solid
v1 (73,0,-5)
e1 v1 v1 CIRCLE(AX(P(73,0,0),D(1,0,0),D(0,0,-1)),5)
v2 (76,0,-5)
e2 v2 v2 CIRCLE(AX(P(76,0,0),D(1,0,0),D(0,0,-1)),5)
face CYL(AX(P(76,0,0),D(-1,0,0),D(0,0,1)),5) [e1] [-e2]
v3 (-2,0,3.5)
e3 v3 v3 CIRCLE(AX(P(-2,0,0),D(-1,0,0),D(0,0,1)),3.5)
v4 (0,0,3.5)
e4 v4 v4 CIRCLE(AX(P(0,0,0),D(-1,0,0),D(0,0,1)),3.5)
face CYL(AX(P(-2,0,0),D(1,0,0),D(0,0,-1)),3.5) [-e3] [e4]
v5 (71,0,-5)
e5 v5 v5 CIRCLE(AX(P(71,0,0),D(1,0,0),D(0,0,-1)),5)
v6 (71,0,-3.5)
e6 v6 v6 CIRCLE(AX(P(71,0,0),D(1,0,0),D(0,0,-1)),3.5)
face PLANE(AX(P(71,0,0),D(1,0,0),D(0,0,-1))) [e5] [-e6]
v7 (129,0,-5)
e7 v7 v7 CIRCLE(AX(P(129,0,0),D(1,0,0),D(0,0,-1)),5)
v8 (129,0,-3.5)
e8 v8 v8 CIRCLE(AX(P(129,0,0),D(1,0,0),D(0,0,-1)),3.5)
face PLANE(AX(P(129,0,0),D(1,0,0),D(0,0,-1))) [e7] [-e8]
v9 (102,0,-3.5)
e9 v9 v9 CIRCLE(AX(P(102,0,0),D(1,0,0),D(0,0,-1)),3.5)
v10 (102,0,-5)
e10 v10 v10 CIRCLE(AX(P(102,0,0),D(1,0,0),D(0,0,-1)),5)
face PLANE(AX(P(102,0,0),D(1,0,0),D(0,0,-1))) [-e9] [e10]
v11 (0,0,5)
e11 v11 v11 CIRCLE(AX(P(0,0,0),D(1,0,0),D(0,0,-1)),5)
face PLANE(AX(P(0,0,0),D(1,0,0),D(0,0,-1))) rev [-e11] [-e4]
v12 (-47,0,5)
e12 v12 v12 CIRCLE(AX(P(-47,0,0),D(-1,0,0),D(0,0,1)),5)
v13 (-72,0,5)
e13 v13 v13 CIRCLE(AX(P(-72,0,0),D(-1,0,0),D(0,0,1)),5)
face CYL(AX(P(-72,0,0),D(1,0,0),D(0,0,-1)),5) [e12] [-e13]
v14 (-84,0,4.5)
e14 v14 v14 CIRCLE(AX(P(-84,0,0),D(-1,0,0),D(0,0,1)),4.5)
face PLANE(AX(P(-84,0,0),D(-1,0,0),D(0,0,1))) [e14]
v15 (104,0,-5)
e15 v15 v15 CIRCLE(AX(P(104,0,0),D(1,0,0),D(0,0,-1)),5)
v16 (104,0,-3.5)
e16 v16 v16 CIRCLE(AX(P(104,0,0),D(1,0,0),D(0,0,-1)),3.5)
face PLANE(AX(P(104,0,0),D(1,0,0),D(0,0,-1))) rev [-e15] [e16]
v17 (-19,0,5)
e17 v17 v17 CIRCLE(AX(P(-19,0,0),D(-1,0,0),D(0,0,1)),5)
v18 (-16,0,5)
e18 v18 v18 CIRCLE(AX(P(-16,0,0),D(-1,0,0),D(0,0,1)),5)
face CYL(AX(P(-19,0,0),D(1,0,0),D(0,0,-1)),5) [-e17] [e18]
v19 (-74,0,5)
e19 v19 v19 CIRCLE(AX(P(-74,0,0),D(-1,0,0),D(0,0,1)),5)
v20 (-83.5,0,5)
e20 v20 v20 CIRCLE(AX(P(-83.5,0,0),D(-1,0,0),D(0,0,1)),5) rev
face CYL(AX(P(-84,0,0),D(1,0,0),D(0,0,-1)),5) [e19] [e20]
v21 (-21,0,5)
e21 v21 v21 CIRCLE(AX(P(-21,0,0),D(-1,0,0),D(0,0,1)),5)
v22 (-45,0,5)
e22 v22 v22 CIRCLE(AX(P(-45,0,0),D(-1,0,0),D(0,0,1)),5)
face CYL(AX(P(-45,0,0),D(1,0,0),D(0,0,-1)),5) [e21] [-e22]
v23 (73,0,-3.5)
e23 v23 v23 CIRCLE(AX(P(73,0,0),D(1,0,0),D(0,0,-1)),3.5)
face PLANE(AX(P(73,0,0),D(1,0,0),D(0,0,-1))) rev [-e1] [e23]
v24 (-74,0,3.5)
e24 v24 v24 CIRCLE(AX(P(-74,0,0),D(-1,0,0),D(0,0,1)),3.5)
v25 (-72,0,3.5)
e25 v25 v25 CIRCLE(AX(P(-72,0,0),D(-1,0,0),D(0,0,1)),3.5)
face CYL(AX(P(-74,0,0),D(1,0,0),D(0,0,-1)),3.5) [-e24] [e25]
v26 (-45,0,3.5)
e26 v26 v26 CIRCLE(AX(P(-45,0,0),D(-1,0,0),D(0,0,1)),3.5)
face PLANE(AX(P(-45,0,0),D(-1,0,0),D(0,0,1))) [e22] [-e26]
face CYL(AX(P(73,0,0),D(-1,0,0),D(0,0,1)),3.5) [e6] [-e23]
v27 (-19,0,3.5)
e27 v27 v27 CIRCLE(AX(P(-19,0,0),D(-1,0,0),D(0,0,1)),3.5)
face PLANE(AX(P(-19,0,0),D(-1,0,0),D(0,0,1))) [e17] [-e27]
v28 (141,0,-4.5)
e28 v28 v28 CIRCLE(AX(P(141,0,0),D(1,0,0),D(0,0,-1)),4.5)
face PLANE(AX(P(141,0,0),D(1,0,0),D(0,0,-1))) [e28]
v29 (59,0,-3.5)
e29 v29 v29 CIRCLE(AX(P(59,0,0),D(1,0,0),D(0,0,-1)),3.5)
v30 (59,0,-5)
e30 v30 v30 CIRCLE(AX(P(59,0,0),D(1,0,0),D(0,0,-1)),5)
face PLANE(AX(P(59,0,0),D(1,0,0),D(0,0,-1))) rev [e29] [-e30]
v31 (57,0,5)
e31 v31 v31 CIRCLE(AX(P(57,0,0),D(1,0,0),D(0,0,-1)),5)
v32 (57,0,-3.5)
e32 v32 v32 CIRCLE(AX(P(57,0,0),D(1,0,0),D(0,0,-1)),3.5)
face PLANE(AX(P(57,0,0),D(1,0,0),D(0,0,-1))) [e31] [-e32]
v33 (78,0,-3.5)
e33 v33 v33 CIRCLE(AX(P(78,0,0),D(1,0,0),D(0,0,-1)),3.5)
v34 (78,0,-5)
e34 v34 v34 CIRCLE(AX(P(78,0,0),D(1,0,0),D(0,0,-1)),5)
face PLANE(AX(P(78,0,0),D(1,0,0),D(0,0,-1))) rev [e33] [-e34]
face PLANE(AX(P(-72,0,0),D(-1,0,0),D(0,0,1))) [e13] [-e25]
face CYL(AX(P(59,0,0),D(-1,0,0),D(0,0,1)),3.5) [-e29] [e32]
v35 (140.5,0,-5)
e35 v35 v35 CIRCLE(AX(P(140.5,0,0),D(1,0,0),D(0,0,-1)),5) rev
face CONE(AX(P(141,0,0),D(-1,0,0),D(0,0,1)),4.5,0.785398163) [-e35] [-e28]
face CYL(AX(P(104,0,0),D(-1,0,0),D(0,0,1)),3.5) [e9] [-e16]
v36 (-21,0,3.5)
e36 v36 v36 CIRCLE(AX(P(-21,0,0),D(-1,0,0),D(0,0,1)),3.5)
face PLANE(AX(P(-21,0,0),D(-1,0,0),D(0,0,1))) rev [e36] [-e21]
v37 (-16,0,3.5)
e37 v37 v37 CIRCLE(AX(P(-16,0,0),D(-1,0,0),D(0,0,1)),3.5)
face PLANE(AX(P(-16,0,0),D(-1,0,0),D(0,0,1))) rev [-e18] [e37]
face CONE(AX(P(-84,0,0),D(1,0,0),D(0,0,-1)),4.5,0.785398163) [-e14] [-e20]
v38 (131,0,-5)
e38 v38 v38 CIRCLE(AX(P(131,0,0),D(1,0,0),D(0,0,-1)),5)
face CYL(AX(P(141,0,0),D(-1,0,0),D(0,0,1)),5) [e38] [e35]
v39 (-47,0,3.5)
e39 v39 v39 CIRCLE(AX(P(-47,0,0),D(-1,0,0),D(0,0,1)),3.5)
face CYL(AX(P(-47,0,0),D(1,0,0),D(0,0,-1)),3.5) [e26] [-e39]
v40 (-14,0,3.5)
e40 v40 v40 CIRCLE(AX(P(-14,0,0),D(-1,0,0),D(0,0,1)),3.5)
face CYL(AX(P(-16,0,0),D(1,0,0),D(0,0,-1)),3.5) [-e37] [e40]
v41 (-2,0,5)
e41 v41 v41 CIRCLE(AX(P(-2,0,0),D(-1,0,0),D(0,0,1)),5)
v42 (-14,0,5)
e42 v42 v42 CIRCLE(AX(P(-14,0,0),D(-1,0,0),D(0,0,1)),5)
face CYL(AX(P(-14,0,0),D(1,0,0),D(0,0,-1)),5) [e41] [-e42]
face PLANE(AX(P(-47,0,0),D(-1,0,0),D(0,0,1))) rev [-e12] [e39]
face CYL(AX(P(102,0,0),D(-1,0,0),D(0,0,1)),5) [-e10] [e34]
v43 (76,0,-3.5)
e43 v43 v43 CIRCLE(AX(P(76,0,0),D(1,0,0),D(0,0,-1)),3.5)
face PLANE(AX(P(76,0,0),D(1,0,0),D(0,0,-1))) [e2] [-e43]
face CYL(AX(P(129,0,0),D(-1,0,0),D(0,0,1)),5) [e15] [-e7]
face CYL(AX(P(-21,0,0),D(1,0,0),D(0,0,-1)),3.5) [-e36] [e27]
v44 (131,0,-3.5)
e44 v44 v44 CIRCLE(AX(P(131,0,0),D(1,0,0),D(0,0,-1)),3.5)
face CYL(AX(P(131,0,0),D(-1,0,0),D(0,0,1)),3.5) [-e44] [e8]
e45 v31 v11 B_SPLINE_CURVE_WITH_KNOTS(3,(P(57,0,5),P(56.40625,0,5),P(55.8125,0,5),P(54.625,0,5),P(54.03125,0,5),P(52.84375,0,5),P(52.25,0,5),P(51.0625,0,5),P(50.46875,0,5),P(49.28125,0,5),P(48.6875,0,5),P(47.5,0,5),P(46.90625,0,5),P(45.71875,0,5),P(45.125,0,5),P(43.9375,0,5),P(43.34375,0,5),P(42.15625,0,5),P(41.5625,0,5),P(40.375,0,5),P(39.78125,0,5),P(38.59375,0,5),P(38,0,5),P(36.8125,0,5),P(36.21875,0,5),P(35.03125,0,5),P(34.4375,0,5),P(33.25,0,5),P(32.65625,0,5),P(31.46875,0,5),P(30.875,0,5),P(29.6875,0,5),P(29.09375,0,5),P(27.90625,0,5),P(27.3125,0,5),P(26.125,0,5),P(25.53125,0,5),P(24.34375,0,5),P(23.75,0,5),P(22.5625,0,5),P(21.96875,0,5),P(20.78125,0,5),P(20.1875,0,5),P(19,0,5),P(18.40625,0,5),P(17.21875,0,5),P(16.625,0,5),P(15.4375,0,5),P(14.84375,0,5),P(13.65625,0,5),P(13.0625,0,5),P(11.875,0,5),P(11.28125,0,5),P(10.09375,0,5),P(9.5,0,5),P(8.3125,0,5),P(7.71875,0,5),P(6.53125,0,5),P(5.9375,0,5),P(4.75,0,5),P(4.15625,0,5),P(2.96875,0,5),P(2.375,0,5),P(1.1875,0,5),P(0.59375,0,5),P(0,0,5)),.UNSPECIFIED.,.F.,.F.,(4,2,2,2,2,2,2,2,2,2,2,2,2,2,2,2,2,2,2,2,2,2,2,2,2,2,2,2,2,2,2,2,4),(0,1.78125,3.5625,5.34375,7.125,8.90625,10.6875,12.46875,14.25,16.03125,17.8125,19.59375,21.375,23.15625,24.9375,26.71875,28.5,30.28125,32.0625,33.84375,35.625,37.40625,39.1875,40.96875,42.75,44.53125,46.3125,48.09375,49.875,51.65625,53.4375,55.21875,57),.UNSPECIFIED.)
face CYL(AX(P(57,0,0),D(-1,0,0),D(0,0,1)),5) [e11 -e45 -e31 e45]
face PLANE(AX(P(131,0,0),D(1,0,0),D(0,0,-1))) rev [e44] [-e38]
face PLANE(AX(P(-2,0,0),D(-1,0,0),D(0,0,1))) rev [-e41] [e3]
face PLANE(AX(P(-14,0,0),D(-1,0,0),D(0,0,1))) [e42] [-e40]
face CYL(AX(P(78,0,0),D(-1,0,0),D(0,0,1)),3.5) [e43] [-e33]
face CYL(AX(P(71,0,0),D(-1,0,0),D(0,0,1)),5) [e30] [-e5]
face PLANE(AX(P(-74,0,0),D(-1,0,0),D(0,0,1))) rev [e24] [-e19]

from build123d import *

# Parameters (mm, degrees)
SKETCH_4_R       = 5
EXTRUDE_4_DEPTH  = 57
SKETCH_5_R       = 3.5
EXTRUDE_5_DEPTH  = 2
EXTRUDE_START    = 12
SKETCH_6_R       = 5
EXTRUDE_6_DEPTH  = 12
EXTRUDE_START_2  = 2
SKETCH_7_R       = 3.5
EXTRUDE_7_DEPTH  = 2
SKETCH_8_R       = 5
EXTRUDE_8_DEPTH  = 12
SKETCH_9_R       = 3.5
EXTRUDE_9_DEPTH  = 2
SKETCH_10_R      = 5
EXTRUDE_10_DEPTH = 3
SKETCH_11_R      = 3.5
EXTRUDE_11_DEPTH = 2
SKETCH_12_R      = 5
EXTRUDE_12_DEPTH = 24
SKETCH_13_R      = 3.5
EXTRUDE_13_DEPTH = 2
SKETCH_14_R      = 5
EXTRUDE_14_DEPTH = 25
SKETCH_15_R      = 3.5
EXTRUDE_15_DEPTH = 2
SKETCH_16_R      = 5
EXTRUDE_16_DEPTH = 10
SKETCH_33_R      = 3.5
EXTRUDE_25_DEPTH = 2
EXTRUDE_START_3  = 3
SKETCH_34_R      = 5
EXTRUDE_26_DEPTH = 3
SKETCH_35_R      = 3.5
EXTRUDE_27_DEPTH = 2
EXTRUDE_START_4  = 24
SKETCH_36_R      = 5
EXTRUDE_28_DEPTH = 24
SKETCH_37_R      = 3.5
EXTRUDE_29_DEPTH = 2
EXTRUDE_START_5  = 25
SKETCH_38_R      = 5
EXTRUDE_30_DEPTH = 25
SKETCH_39_R      = 3.5
EXTRUDE_31_DEPTH = 2
EXTRUDE_START_6  = 10
SKETCH_40_R      = 5
EXTRUDE_32_DEPTH = 10
CHAMFER_1_SIZE   = 0.5


with BuildPart() as part:
    # 草图4 → 凸台-拉伸4 (new body)
    with BuildSketch(Plane(origin=(0, 0, 0), x_dir=(0, 0, -1), z_dir=(1, 0, 0))):
        with Locations(Location((0, 0, 0), (0, 0, 180))):
            Circle(SKETCH_4_R)
    extrude(amount=EXTRUDE_4_DEPTH)

    # 草图5 → 凸台-拉伸5 (add)
    with BuildSketch(Plane.ZY):
        Circle(SKETCH_5_R)
    extrude(amount=EXTRUDE_5_DEPTH)

    # 草图6 → 凸台-拉伸6 (add)
    with BuildSketch(Plane.ZY.offset(2).offset(EXTRUDE_START)):
        Circle(SKETCH_6_R)
    extrude(amount=-EXTRUDE_6_DEPTH)

    # 草图7 → 凸台-拉伸7 (add)
    with BuildSketch(Plane(origin=(57, 0, 0), x_dir=(0, 0, -1), z_dir=(1, 0, 0)).offset(EXTRUDE_START_2)):
        with Locations(Location((0, 0, 0), (0, 0, 180))):
            Circle(SKETCH_7_R)
    extrude(amount=-EXTRUDE_7_DEPTH)

    # 草图8 → 凸台-拉伸8 (add)
    with BuildSketch(Plane(origin=(59, 0, 0), x_dir=(0, 0, -1), z_dir=(1, 0, 0))):
        with Locations(Location((0, 0, 0), (0, 0, 180))):
            Circle(SKETCH_8_R)
    extrude(amount=EXTRUDE_8_DEPTH)

    # 草图9 → 凸台-拉伸9 (add)
    with BuildSketch(Plane(origin=(71, 0, 0), x_dir=(0, 0, -1), z_dir=(1, 0, 0)).offset(EXTRUDE_START_2)):
        with Locations(Location((0, 0, 0), (0, 0, 180))):
            Circle(SKETCH_9_R)
    extrude(amount=-EXTRUDE_9_DEPTH)

    # 草图10 → 凸台-拉伸10 (add)
    with BuildSketch(Plane(origin=(73, 0, 0), x_dir=(0, 0, -1), z_dir=(1, 0, 0))):
        with Locations(Location((0, 0, 0), (0, 0, 180))):
            Circle(SKETCH_10_R)
    extrude(amount=EXTRUDE_10_DEPTH)

    # 草图11 → 凸台-拉伸11 (add)
    with BuildSketch(Plane(origin=(76, 0, 0), x_dir=(0, 0, -1), z_dir=(1, 0, 0)).offset(EXTRUDE_START_2)):
        with Locations(Location((0, 0, 0), (0, 0, 180))):
            Circle(SKETCH_11_R)
    extrude(amount=-EXTRUDE_11_DEPTH)

    # 草图12 → 凸台-拉伸12 (add)
    with BuildSketch(Plane(origin=(78, 0, 0), x_dir=(0, 0, -1), z_dir=(1, 0, 0))):
        with Locations(Location((0, 0, 0), (0, 0, 180))):
            Circle(SKETCH_12_R)
    extrude(amount=EXTRUDE_12_DEPTH)

    # 草图13 → 凸台-拉伸13 (add)
    with BuildSketch(Plane(origin=(102, 0, 0), x_dir=(0, 0, -1), z_dir=(1, 0, 0)).offset(EXTRUDE_START_2)):
        with Locations(Location((0, 0, 0), (0, 0, 180))):
            Circle(SKETCH_13_R)
    extrude(amount=-EXTRUDE_13_DEPTH)

    # 草图14 → 凸台-拉伸14 (add)
    with BuildSketch(Plane(origin=(104, 0, 0), x_dir=(0, 0, -1), z_dir=(1, 0, 0))):
        with Locations(Location((0, 0, 0), (0, 0, 180))):
            Circle(SKETCH_14_R)
    extrude(amount=EXTRUDE_14_DEPTH)

    # 草图15 → 凸台-拉伸15 (add)
    with BuildSketch(Plane(origin=(129, 0, 0), x_dir=(0, 0, -1), z_dir=(1, 0, 0)).offset(EXTRUDE_START_2)):
        with Locations(Location((0, 0, 0), (0, 0, 180))):
            Circle(SKETCH_15_R)
    extrude(amount=-EXTRUDE_15_DEPTH)

    # 草图16 → 凸台-拉伸16 (add)
    with BuildSketch(Plane(origin=(131, 0, 0), x_dir=(0, 0, -1), z_dir=(1, 0, 0))):
        with Locations(Location((0, 0, 0), (0, 0, 180))):
            Circle(SKETCH_16_R)
    extrude(amount=EXTRUDE_16_DEPTH)

    # 草图33 → 凸台-拉伸25 (add)
    with BuildSketch(Plane.ZY.offset(14)):
        Circle(SKETCH_33_R)
    extrude(amount=EXTRUDE_25_DEPTH)

    # 草图34 → 凸台-拉伸26 (add)
    with BuildSketch(Plane.ZY.offset(16).offset(EXTRUDE_START_3)):
        Circle(SKETCH_34_R)
    extrude(amount=-EXTRUDE_26_DEPTH)

    # 草图35 → 凸台-拉伸27 (add)
    with BuildSketch(Plane.ZY.offset(19)):
        Circle(SKETCH_35_R)
    extrude(amount=EXTRUDE_27_DEPTH)

    # 草图36 → 凸台-拉伸28 (add)
    with BuildSketch(Plane.ZY.offset(21).offset(EXTRUDE_START_4)):
        Circle(SKETCH_36_R)
    extrude(amount=-EXTRUDE_28_DEPTH)

    # 草图37 → 凸台-拉伸29 (add)
    with BuildSketch(Plane.ZY.offset(45)):
        Circle(SKETCH_37_R)
    extrude(amount=EXTRUDE_29_DEPTH)

    # 草图38 → 凸台-拉伸30 (add)
    with BuildSketch(Plane.ZY.offset(47).offset(EXTRUDE_START_5)):
        Circle(SKETCH_38_R)
    extrude(amount=-EXTRUDE_30_DEPTH)

    # 草图39 → 凸台-拉伸31 (add)
    with BuildSketch(Plane.ZY.offset(72)):
        Circle(SKETCH_39_R)
    extrude(amount=EXTRUDE_31_DEPTH)

    # 草图40 → 凸台-拉伸32 (add)
    with BuildSketch(Plane.ZY.offset(74).offset(EXTRUDE_START_6)):
        Circle(SKETCH_40_R)
    extrude(amount=-EXTRUDE_32_DEPTH)

    # 倒角1
    chamfer_1_edges = [part.edges().sort_by_distance(p)[0] for p in [
        (141, 0, -5),
        (-84, 0, -5),
    ]]
    chamfer(chamfer_1_edges, length=CHAMFER_1_SIZE)


solid = part.part
